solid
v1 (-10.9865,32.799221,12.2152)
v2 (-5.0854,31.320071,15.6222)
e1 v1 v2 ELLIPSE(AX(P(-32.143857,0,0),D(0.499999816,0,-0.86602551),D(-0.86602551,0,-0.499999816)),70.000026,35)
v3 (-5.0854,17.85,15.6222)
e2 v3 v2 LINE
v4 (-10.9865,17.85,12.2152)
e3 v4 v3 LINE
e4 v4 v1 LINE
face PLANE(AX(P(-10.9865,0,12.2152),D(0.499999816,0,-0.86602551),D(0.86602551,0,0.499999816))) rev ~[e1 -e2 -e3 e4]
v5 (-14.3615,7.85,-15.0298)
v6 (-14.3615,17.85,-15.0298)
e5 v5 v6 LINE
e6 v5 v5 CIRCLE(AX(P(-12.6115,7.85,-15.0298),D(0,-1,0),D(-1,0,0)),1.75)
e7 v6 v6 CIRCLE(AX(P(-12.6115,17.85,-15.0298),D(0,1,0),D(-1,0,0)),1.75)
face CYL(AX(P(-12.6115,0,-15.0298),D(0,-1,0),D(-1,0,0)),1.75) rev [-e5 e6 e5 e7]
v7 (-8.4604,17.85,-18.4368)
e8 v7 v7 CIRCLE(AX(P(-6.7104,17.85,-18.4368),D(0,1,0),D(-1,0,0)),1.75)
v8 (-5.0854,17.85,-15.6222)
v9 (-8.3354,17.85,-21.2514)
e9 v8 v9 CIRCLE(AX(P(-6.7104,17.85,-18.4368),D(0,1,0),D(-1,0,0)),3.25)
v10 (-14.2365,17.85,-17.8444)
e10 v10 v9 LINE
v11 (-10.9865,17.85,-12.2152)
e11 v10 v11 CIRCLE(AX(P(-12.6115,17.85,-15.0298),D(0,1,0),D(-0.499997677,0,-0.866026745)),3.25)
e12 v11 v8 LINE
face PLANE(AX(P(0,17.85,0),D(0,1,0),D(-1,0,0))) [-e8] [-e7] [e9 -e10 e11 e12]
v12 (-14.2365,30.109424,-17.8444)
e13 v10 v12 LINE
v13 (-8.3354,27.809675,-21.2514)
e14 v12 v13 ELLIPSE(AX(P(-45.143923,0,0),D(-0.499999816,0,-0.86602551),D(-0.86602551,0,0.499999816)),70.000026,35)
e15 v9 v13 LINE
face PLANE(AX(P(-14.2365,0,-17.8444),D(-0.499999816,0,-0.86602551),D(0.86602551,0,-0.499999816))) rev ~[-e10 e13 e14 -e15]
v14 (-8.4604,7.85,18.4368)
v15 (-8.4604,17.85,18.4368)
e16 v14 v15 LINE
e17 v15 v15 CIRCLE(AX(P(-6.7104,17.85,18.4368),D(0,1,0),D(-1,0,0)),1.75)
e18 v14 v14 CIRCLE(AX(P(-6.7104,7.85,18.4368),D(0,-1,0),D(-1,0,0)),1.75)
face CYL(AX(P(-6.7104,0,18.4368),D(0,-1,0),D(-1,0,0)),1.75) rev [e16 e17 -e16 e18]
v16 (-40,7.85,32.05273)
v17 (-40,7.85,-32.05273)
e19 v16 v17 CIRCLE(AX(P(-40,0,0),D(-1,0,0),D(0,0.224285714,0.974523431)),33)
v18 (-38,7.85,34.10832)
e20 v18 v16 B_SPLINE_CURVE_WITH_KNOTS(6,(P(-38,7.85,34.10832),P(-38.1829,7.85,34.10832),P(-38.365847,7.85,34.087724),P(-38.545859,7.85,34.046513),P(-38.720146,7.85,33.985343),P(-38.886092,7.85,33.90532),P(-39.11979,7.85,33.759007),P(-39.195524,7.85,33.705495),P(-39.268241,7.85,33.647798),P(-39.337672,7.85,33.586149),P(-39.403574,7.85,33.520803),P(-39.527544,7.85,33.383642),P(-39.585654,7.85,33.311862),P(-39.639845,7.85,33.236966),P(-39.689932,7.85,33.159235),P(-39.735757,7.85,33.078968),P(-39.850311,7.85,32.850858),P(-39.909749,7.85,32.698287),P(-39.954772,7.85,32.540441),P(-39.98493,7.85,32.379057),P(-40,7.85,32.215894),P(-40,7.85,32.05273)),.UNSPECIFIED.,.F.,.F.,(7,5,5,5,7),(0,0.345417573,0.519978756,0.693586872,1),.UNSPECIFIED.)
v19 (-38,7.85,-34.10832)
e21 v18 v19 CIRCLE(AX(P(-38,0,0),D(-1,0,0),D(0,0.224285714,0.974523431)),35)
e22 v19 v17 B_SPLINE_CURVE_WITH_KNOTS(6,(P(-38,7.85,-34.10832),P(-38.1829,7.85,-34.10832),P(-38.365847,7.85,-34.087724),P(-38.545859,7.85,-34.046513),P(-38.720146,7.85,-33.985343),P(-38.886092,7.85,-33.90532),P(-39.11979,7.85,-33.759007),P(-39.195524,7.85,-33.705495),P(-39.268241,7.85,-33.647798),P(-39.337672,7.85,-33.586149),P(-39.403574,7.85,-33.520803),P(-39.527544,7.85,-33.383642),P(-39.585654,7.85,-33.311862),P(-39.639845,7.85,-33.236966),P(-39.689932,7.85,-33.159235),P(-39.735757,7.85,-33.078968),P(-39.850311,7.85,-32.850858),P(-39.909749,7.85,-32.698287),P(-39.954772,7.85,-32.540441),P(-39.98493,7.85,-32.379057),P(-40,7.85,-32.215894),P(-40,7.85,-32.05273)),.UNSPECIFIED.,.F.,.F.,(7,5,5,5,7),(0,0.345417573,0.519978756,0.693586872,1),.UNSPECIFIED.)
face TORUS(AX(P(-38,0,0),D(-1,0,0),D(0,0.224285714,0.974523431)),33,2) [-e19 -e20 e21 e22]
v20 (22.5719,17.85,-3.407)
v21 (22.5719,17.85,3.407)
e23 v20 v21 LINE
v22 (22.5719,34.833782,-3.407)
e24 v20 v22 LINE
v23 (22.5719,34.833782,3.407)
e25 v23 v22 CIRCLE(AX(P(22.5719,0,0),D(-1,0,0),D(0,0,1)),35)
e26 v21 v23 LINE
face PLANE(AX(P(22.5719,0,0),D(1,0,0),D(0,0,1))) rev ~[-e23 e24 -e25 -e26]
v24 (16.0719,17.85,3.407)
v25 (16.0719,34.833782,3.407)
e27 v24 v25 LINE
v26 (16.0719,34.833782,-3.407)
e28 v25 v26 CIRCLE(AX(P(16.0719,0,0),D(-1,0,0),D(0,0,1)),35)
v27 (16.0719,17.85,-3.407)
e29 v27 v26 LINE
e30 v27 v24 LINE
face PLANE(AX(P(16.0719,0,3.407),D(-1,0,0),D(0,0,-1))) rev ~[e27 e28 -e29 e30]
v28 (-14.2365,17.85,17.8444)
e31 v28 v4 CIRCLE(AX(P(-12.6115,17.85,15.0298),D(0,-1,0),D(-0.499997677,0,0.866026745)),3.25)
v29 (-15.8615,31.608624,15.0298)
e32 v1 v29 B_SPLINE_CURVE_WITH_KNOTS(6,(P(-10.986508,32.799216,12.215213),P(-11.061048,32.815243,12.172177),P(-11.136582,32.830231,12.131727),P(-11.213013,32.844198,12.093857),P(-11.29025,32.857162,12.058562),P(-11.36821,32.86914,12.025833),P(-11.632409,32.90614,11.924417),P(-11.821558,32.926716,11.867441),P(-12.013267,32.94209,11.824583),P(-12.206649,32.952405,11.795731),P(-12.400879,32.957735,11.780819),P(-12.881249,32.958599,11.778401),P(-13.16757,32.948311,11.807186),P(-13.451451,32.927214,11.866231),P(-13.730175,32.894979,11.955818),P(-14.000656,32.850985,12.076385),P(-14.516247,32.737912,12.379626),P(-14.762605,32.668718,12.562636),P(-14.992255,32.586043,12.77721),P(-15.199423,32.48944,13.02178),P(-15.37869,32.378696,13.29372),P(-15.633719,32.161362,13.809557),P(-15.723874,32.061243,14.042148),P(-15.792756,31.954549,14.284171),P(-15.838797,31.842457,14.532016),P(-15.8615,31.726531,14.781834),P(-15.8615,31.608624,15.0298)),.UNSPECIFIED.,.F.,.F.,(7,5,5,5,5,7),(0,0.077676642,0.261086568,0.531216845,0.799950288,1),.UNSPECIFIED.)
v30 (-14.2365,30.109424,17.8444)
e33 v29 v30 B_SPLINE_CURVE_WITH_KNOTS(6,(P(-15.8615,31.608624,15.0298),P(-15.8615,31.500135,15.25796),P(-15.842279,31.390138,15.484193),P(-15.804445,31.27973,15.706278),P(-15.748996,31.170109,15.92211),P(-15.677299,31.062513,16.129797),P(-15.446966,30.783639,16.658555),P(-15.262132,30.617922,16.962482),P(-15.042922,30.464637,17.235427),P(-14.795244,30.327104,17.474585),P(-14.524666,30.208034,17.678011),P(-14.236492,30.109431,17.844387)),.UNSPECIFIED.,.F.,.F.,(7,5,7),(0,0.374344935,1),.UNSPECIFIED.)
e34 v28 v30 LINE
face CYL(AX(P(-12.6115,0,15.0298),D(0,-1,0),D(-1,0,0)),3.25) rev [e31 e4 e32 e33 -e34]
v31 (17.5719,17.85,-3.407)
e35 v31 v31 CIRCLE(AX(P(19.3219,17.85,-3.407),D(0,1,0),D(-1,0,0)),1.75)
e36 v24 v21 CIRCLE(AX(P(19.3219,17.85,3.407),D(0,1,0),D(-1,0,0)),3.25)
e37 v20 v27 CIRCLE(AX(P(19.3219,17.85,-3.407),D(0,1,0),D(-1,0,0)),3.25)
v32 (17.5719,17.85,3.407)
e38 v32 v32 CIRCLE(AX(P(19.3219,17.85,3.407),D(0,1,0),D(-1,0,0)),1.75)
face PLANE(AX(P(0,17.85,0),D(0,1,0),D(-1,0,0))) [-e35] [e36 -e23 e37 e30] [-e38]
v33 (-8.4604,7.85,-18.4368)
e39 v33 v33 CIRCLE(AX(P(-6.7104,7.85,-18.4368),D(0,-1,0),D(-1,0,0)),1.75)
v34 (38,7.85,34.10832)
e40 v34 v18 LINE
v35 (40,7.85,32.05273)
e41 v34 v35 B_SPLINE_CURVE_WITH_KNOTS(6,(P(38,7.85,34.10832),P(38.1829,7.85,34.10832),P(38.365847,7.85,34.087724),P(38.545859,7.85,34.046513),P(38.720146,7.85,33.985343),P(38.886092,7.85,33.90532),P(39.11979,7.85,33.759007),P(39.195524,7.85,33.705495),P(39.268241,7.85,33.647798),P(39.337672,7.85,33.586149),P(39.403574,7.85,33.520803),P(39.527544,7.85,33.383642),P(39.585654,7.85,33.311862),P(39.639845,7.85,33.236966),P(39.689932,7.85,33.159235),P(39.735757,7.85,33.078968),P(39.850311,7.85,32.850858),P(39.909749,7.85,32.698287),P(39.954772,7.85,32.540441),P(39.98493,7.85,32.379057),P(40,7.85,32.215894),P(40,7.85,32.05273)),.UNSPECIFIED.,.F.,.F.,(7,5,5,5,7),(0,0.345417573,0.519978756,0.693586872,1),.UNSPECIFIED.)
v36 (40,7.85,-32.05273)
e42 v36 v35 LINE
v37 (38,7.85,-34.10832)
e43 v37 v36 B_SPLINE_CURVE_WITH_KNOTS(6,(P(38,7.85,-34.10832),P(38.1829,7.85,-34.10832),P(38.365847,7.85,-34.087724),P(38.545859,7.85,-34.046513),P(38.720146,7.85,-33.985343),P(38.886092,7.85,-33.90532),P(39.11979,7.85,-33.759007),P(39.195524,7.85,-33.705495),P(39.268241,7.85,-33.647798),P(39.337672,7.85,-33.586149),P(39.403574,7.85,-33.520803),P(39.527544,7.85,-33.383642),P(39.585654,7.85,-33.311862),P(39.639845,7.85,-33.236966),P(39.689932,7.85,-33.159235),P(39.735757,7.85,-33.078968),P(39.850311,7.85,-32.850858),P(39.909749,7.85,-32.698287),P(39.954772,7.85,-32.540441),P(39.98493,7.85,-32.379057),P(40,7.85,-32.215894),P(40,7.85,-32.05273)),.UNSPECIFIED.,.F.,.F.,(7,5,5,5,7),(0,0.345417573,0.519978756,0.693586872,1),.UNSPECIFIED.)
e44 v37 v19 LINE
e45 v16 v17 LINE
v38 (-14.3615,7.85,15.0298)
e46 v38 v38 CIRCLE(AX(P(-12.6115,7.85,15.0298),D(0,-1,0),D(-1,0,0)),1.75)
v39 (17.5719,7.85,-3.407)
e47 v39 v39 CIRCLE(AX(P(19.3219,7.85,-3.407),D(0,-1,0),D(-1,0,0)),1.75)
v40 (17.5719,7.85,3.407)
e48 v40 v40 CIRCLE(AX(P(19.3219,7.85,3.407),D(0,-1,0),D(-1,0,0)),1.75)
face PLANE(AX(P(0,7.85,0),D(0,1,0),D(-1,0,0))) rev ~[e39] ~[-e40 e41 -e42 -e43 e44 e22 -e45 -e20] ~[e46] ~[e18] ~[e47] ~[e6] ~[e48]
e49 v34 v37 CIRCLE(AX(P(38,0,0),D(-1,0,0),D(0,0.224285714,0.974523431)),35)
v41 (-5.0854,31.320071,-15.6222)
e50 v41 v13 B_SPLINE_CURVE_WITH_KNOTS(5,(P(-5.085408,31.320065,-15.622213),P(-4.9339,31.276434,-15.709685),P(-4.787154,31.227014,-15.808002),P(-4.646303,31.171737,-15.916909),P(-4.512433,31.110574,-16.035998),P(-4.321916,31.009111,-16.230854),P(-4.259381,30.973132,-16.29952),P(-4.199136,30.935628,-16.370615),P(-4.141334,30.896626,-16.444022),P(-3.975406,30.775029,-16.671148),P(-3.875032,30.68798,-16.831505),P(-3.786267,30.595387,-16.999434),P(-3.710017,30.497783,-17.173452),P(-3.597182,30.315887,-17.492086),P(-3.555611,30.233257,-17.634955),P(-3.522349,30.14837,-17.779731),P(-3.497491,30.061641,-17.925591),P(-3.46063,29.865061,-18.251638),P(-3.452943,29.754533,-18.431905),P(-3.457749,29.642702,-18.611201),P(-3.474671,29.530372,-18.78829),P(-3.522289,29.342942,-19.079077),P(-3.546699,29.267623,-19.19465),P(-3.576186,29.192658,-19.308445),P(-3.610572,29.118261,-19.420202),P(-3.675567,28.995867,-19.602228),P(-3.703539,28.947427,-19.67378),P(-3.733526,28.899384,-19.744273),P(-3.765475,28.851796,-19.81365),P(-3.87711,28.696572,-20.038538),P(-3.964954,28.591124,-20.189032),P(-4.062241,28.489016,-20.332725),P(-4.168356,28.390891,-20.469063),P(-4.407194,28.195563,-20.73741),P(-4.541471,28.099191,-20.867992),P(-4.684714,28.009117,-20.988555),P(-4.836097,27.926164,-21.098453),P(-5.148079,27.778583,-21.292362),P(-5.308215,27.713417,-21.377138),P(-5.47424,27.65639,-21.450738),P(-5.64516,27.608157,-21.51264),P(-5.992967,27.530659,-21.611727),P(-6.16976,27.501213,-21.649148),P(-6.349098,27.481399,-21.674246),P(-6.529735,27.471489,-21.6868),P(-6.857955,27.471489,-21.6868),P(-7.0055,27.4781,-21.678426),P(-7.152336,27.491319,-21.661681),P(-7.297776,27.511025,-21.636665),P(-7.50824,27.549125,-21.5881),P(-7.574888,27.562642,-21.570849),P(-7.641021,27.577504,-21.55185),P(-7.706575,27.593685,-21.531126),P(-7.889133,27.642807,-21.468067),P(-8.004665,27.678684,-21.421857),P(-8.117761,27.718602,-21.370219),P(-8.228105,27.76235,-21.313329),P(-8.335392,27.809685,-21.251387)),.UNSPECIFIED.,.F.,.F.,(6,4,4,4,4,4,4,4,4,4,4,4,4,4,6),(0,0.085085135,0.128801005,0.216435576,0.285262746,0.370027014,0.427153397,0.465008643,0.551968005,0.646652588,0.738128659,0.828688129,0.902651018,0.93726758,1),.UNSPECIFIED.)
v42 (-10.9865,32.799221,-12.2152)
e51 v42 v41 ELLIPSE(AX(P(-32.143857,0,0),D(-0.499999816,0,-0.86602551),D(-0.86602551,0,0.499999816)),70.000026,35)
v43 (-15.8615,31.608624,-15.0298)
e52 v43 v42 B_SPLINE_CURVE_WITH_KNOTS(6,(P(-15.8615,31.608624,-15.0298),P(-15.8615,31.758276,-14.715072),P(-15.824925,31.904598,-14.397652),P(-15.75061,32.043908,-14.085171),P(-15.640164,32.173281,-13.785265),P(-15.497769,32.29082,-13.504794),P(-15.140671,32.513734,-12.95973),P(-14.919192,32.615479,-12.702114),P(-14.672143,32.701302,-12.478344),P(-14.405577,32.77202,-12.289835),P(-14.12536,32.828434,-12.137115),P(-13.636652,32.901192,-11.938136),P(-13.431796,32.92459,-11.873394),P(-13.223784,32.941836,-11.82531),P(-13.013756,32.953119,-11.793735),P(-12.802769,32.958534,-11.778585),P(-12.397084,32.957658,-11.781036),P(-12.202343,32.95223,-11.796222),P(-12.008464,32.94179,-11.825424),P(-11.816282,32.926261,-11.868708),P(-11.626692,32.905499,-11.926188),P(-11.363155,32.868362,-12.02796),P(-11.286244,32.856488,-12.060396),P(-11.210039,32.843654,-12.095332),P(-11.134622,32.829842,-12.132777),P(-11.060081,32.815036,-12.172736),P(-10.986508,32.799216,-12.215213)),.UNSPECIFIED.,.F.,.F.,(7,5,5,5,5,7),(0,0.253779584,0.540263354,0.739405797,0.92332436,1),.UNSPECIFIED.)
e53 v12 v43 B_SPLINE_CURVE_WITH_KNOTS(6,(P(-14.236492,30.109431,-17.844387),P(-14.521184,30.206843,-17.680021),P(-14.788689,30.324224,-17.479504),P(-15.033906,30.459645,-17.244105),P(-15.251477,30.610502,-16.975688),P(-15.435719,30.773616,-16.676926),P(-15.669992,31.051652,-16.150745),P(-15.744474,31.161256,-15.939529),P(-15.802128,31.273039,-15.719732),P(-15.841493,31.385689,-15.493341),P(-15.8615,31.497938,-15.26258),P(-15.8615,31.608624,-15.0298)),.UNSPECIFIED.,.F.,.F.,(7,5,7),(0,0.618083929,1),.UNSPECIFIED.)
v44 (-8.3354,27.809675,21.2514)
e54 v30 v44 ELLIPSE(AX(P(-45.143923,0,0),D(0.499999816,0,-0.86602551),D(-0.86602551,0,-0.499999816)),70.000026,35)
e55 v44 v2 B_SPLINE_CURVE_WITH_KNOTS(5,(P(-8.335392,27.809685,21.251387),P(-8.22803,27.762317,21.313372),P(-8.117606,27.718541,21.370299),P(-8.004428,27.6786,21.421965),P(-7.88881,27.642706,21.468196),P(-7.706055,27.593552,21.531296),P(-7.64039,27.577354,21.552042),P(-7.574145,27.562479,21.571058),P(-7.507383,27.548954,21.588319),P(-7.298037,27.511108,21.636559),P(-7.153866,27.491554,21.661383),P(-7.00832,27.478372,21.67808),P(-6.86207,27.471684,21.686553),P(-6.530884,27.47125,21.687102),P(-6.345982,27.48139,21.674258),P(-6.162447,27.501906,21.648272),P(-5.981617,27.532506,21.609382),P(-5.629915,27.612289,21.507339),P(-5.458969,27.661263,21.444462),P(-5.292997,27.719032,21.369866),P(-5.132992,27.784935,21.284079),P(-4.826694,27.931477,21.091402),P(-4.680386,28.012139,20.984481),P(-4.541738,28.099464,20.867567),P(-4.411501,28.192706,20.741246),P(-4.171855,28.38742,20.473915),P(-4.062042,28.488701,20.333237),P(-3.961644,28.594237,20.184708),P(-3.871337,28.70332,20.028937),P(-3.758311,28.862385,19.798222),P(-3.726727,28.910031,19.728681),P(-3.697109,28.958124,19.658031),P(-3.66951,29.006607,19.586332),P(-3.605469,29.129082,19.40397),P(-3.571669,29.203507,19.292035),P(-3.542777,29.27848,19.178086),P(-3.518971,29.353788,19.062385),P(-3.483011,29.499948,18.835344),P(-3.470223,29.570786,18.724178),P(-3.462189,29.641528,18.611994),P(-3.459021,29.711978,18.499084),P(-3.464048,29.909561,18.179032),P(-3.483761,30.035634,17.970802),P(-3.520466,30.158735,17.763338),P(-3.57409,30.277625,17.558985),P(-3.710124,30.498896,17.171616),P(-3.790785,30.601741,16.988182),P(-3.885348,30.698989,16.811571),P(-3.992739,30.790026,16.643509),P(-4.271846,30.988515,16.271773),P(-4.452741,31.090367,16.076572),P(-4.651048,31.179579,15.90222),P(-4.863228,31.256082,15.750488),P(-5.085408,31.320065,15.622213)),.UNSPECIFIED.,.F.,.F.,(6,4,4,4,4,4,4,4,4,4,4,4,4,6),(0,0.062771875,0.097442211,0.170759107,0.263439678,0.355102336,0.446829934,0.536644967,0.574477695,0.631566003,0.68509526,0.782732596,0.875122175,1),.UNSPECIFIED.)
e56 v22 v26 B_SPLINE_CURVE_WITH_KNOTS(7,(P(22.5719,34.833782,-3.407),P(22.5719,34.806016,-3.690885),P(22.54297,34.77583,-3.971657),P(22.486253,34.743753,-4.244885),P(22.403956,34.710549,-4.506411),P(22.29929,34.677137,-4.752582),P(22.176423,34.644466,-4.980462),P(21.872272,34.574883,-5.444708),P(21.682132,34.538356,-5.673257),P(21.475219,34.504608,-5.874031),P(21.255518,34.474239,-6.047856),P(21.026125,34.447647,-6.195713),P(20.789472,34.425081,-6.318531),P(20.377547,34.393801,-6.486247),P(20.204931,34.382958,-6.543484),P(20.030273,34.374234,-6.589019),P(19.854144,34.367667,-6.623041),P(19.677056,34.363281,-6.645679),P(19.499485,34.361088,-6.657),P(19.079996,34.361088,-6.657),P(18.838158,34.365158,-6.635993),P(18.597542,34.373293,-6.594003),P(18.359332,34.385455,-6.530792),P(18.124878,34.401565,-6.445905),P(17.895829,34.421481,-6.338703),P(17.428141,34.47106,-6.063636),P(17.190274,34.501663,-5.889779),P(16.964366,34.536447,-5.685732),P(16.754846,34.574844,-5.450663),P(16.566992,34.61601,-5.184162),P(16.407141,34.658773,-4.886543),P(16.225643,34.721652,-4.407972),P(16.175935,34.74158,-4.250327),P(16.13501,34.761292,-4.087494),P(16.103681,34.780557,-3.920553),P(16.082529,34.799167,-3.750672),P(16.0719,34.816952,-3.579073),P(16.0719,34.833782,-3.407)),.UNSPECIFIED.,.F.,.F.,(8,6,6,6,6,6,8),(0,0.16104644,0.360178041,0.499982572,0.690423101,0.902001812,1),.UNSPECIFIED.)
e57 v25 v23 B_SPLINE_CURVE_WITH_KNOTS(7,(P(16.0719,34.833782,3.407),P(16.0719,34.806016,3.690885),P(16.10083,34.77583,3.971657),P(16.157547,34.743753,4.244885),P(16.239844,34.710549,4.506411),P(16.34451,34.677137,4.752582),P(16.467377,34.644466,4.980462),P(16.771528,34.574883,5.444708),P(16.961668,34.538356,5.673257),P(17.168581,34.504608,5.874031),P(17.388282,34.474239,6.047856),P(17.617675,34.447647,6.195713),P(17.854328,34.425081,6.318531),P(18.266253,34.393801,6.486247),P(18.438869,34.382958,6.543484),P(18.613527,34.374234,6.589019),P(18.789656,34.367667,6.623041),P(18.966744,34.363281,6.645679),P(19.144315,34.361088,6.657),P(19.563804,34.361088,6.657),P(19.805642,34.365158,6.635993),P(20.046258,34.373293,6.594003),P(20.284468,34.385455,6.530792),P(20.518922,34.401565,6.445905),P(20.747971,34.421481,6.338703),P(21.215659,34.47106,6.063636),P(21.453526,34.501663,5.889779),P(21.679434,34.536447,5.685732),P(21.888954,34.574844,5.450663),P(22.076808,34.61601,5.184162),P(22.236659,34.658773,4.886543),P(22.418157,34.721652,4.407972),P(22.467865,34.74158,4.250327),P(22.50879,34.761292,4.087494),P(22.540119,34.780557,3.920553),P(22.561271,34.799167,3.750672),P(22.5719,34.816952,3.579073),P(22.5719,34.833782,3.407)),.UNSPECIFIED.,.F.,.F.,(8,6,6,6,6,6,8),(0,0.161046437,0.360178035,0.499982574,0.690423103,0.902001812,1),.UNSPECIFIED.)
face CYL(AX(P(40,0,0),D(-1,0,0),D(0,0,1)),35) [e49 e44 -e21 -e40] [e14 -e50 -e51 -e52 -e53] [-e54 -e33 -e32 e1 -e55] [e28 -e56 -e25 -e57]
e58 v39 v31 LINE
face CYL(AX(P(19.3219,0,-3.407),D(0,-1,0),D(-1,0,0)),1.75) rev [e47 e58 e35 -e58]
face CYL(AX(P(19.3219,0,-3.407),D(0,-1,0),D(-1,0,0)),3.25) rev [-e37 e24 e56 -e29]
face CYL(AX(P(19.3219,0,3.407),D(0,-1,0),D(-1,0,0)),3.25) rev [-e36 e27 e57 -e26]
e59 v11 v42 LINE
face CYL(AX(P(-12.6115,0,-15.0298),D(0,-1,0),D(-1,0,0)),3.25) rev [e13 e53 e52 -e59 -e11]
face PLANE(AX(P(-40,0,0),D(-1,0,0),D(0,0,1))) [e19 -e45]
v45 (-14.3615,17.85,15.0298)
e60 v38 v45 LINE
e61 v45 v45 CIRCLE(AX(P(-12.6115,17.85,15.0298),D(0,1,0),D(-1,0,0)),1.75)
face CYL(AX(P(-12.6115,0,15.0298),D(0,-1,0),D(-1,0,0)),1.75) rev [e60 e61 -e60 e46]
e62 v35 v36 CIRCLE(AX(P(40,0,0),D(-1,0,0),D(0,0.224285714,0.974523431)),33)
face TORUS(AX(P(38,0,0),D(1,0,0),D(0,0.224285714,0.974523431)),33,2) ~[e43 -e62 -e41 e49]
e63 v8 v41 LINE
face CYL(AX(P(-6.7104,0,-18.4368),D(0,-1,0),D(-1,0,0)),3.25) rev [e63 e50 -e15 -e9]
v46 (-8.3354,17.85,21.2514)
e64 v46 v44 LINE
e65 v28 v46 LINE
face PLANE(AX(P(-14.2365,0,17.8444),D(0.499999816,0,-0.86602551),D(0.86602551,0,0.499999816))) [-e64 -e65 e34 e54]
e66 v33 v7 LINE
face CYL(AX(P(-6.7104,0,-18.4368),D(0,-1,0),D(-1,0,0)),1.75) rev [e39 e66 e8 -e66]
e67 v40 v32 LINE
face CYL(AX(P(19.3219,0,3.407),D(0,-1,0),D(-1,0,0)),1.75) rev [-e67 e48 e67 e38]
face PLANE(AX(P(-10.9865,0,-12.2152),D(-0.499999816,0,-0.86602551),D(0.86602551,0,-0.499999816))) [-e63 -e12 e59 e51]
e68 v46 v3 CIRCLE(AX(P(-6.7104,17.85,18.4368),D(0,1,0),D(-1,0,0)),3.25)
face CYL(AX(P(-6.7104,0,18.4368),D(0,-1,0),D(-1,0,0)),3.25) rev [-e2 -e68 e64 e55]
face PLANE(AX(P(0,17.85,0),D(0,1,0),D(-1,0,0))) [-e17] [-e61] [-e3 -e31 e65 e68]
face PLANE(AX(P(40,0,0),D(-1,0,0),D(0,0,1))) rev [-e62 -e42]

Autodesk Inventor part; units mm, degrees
ref_plane "YZ Plane" through (0, 0, 0) normal (1, 0, 0) x (0, 1, 0)
ref_plane "XZ Plane" through (0, 0, 0) normal (0, 1, 0) x (-1, 0, 0)
ref_plane "XY Plane" through (0, 0, 0) normal (0, 0, 1) x (1, 0, 0)
sketch "Szkic1" plane through (0, 0, 0) normal (0, 1, 0) x (-1, 0, 0)
  circle A0 centre (0, 0) radius 19.62 construction
  line L0 (0, 0) -> (-19.62, 0) construction
  circle A1 centre (0, 0) radius 22.5 construction
  circle A2 centre (-19.3219, 3.407) radius 1.75
  circle A3 centre (-19.3219, -3.407) radius 1.75
  circle A4 centre (6.7104, 18.4368) radius 1.75
  circle A5 centre (12.6115, 15.0298) radius 1.75
  circle A6 centre (12.6115, -15.0298) radius 1.75
  circle A7 centre (6.7104, -18.4368) radius 1.75
  circle A8 centre (0, 0) radius 35
  circle A9 centre (-19.3219, 3.407) radius 3.25
  circle A10 centre (-19.3219, -3.407) radius 3.25
  circle A11 centre (6.7104, -18.4368) radius 3.25
  circle A12 centre (12.6115, -15.0298) radius 3.25
  circle A13 centre (12.6115, 15.0298) radius 3.25
  circle A14 centre (6.7104, 18.4368) radius 3.25
  line L1 (14.2365, 17.8444) -> (8.3354, 21.2514)
  line L2 (10.9865, 12.2152) -> (5.0854, 15.6222)
  line L3 (-16.0719, 3.407) -> (-16.0719, -3.407)
  line L4 (14.2365, -17.8444) -> (8.3354, -21.2514)
  line L5 (10.9865, -12.2152) -> (5.0854, -15.6222)
  line L6 (-22.5719, -3.407) -> (-22.5719, 3.407)
  line L7 (-40, 35) -> (40, 35)
  line L8 (40, 35) -> (40, -35)
  line L9 (40, -35) -> (-40, -35)
  line L10 (-40, -35) -> (-40, 35)
  line L11 (-40, 35) -> (40, -35) construction
  line L12 (40, 35) -> (-40, -35) construction
  line L13 (0, -35) -> (0, 35)
  line L14 (40, 0) -> (-40, 0)
  line L15 (56, 0) -> (-56, 0) projected
  point P0 (0, -35)
  point P1 (0, 35)
  point P2 (35, 0)
  point P3 (-35, 0)
  dimension "d0" = 39.24
  dimension "d1" = 3.5
  dimension "d2" = 20
  dimension "d5" = 360
  dimension "d7" = 45
  dimension "d8" = 70
  dimension "d12" = 6.5
  dimension "d15" = 360
  dimension "d27" = 80
  dimension "d28" = 70
revolve "Obrót2" add sketch "Szkic1" angle 180 about axis through (-10, 0, 0) along (-1, 0, 0) picked at (16.0586, 3.9431) contours A2 | A4 | A5 | L14 L13 A8 | A8 L7 L8 L14 | L13 L14 L3 A9 L6 A8 | A8 L14 L10 L7 | L14 L6 A9 L3 | A9 | A13 | A13 L2 A14 L1 | A14
extrude "Wyciągnięcie proste1" cut sketch "Szkic1" along normal through all contours A2 | A3 | A4 | A5 | A6 | A7 | L14 L6 A9 L3 | L3 A10 L6 L14 | A9 | A10 | A11 | A11 L5 A12 L4 | A12 | A13 | A13 L2 A14 L1 | A14
extrude "Wyciągnięcie proste2" add sketch "Szkic1" along normal blind 17.85 contours L14 L6 A9 L3 | L3 A10 L6 L14 | A9 | A10 | A11 | A11 L5 A12 L4 | A12 | A13 | A13 L2 A14 L1 | A14
extrude "Wyciągnięcie proste3" cut sketch "Szkic1" along normal blind 7.85 contours A2 | A3 | A4 | A5 | A6 | A7 | L14 L13 A8 | L14 L8 L9 A8 | A8 L7 L8 L14 | A8 L13 L14 | L13 L14 L3 A9 L6 A8 | A8 L14 L10 L7 | L9 L10 L14 A8 | A8 L14 L6 A10 L3 L13 | L14 L6 A9 L3 | L3 A10 L6 L14 | A9 | A10 | A11 | A11 L5 A12 L4 | A12 | A13 | A13 L2 A14 L1 | A14
fillet "Zaokrąglenie1" radius 2 2 edges at (-40, 35, 0) (40, 35, 0)
properties part number "semicylinder_1"
